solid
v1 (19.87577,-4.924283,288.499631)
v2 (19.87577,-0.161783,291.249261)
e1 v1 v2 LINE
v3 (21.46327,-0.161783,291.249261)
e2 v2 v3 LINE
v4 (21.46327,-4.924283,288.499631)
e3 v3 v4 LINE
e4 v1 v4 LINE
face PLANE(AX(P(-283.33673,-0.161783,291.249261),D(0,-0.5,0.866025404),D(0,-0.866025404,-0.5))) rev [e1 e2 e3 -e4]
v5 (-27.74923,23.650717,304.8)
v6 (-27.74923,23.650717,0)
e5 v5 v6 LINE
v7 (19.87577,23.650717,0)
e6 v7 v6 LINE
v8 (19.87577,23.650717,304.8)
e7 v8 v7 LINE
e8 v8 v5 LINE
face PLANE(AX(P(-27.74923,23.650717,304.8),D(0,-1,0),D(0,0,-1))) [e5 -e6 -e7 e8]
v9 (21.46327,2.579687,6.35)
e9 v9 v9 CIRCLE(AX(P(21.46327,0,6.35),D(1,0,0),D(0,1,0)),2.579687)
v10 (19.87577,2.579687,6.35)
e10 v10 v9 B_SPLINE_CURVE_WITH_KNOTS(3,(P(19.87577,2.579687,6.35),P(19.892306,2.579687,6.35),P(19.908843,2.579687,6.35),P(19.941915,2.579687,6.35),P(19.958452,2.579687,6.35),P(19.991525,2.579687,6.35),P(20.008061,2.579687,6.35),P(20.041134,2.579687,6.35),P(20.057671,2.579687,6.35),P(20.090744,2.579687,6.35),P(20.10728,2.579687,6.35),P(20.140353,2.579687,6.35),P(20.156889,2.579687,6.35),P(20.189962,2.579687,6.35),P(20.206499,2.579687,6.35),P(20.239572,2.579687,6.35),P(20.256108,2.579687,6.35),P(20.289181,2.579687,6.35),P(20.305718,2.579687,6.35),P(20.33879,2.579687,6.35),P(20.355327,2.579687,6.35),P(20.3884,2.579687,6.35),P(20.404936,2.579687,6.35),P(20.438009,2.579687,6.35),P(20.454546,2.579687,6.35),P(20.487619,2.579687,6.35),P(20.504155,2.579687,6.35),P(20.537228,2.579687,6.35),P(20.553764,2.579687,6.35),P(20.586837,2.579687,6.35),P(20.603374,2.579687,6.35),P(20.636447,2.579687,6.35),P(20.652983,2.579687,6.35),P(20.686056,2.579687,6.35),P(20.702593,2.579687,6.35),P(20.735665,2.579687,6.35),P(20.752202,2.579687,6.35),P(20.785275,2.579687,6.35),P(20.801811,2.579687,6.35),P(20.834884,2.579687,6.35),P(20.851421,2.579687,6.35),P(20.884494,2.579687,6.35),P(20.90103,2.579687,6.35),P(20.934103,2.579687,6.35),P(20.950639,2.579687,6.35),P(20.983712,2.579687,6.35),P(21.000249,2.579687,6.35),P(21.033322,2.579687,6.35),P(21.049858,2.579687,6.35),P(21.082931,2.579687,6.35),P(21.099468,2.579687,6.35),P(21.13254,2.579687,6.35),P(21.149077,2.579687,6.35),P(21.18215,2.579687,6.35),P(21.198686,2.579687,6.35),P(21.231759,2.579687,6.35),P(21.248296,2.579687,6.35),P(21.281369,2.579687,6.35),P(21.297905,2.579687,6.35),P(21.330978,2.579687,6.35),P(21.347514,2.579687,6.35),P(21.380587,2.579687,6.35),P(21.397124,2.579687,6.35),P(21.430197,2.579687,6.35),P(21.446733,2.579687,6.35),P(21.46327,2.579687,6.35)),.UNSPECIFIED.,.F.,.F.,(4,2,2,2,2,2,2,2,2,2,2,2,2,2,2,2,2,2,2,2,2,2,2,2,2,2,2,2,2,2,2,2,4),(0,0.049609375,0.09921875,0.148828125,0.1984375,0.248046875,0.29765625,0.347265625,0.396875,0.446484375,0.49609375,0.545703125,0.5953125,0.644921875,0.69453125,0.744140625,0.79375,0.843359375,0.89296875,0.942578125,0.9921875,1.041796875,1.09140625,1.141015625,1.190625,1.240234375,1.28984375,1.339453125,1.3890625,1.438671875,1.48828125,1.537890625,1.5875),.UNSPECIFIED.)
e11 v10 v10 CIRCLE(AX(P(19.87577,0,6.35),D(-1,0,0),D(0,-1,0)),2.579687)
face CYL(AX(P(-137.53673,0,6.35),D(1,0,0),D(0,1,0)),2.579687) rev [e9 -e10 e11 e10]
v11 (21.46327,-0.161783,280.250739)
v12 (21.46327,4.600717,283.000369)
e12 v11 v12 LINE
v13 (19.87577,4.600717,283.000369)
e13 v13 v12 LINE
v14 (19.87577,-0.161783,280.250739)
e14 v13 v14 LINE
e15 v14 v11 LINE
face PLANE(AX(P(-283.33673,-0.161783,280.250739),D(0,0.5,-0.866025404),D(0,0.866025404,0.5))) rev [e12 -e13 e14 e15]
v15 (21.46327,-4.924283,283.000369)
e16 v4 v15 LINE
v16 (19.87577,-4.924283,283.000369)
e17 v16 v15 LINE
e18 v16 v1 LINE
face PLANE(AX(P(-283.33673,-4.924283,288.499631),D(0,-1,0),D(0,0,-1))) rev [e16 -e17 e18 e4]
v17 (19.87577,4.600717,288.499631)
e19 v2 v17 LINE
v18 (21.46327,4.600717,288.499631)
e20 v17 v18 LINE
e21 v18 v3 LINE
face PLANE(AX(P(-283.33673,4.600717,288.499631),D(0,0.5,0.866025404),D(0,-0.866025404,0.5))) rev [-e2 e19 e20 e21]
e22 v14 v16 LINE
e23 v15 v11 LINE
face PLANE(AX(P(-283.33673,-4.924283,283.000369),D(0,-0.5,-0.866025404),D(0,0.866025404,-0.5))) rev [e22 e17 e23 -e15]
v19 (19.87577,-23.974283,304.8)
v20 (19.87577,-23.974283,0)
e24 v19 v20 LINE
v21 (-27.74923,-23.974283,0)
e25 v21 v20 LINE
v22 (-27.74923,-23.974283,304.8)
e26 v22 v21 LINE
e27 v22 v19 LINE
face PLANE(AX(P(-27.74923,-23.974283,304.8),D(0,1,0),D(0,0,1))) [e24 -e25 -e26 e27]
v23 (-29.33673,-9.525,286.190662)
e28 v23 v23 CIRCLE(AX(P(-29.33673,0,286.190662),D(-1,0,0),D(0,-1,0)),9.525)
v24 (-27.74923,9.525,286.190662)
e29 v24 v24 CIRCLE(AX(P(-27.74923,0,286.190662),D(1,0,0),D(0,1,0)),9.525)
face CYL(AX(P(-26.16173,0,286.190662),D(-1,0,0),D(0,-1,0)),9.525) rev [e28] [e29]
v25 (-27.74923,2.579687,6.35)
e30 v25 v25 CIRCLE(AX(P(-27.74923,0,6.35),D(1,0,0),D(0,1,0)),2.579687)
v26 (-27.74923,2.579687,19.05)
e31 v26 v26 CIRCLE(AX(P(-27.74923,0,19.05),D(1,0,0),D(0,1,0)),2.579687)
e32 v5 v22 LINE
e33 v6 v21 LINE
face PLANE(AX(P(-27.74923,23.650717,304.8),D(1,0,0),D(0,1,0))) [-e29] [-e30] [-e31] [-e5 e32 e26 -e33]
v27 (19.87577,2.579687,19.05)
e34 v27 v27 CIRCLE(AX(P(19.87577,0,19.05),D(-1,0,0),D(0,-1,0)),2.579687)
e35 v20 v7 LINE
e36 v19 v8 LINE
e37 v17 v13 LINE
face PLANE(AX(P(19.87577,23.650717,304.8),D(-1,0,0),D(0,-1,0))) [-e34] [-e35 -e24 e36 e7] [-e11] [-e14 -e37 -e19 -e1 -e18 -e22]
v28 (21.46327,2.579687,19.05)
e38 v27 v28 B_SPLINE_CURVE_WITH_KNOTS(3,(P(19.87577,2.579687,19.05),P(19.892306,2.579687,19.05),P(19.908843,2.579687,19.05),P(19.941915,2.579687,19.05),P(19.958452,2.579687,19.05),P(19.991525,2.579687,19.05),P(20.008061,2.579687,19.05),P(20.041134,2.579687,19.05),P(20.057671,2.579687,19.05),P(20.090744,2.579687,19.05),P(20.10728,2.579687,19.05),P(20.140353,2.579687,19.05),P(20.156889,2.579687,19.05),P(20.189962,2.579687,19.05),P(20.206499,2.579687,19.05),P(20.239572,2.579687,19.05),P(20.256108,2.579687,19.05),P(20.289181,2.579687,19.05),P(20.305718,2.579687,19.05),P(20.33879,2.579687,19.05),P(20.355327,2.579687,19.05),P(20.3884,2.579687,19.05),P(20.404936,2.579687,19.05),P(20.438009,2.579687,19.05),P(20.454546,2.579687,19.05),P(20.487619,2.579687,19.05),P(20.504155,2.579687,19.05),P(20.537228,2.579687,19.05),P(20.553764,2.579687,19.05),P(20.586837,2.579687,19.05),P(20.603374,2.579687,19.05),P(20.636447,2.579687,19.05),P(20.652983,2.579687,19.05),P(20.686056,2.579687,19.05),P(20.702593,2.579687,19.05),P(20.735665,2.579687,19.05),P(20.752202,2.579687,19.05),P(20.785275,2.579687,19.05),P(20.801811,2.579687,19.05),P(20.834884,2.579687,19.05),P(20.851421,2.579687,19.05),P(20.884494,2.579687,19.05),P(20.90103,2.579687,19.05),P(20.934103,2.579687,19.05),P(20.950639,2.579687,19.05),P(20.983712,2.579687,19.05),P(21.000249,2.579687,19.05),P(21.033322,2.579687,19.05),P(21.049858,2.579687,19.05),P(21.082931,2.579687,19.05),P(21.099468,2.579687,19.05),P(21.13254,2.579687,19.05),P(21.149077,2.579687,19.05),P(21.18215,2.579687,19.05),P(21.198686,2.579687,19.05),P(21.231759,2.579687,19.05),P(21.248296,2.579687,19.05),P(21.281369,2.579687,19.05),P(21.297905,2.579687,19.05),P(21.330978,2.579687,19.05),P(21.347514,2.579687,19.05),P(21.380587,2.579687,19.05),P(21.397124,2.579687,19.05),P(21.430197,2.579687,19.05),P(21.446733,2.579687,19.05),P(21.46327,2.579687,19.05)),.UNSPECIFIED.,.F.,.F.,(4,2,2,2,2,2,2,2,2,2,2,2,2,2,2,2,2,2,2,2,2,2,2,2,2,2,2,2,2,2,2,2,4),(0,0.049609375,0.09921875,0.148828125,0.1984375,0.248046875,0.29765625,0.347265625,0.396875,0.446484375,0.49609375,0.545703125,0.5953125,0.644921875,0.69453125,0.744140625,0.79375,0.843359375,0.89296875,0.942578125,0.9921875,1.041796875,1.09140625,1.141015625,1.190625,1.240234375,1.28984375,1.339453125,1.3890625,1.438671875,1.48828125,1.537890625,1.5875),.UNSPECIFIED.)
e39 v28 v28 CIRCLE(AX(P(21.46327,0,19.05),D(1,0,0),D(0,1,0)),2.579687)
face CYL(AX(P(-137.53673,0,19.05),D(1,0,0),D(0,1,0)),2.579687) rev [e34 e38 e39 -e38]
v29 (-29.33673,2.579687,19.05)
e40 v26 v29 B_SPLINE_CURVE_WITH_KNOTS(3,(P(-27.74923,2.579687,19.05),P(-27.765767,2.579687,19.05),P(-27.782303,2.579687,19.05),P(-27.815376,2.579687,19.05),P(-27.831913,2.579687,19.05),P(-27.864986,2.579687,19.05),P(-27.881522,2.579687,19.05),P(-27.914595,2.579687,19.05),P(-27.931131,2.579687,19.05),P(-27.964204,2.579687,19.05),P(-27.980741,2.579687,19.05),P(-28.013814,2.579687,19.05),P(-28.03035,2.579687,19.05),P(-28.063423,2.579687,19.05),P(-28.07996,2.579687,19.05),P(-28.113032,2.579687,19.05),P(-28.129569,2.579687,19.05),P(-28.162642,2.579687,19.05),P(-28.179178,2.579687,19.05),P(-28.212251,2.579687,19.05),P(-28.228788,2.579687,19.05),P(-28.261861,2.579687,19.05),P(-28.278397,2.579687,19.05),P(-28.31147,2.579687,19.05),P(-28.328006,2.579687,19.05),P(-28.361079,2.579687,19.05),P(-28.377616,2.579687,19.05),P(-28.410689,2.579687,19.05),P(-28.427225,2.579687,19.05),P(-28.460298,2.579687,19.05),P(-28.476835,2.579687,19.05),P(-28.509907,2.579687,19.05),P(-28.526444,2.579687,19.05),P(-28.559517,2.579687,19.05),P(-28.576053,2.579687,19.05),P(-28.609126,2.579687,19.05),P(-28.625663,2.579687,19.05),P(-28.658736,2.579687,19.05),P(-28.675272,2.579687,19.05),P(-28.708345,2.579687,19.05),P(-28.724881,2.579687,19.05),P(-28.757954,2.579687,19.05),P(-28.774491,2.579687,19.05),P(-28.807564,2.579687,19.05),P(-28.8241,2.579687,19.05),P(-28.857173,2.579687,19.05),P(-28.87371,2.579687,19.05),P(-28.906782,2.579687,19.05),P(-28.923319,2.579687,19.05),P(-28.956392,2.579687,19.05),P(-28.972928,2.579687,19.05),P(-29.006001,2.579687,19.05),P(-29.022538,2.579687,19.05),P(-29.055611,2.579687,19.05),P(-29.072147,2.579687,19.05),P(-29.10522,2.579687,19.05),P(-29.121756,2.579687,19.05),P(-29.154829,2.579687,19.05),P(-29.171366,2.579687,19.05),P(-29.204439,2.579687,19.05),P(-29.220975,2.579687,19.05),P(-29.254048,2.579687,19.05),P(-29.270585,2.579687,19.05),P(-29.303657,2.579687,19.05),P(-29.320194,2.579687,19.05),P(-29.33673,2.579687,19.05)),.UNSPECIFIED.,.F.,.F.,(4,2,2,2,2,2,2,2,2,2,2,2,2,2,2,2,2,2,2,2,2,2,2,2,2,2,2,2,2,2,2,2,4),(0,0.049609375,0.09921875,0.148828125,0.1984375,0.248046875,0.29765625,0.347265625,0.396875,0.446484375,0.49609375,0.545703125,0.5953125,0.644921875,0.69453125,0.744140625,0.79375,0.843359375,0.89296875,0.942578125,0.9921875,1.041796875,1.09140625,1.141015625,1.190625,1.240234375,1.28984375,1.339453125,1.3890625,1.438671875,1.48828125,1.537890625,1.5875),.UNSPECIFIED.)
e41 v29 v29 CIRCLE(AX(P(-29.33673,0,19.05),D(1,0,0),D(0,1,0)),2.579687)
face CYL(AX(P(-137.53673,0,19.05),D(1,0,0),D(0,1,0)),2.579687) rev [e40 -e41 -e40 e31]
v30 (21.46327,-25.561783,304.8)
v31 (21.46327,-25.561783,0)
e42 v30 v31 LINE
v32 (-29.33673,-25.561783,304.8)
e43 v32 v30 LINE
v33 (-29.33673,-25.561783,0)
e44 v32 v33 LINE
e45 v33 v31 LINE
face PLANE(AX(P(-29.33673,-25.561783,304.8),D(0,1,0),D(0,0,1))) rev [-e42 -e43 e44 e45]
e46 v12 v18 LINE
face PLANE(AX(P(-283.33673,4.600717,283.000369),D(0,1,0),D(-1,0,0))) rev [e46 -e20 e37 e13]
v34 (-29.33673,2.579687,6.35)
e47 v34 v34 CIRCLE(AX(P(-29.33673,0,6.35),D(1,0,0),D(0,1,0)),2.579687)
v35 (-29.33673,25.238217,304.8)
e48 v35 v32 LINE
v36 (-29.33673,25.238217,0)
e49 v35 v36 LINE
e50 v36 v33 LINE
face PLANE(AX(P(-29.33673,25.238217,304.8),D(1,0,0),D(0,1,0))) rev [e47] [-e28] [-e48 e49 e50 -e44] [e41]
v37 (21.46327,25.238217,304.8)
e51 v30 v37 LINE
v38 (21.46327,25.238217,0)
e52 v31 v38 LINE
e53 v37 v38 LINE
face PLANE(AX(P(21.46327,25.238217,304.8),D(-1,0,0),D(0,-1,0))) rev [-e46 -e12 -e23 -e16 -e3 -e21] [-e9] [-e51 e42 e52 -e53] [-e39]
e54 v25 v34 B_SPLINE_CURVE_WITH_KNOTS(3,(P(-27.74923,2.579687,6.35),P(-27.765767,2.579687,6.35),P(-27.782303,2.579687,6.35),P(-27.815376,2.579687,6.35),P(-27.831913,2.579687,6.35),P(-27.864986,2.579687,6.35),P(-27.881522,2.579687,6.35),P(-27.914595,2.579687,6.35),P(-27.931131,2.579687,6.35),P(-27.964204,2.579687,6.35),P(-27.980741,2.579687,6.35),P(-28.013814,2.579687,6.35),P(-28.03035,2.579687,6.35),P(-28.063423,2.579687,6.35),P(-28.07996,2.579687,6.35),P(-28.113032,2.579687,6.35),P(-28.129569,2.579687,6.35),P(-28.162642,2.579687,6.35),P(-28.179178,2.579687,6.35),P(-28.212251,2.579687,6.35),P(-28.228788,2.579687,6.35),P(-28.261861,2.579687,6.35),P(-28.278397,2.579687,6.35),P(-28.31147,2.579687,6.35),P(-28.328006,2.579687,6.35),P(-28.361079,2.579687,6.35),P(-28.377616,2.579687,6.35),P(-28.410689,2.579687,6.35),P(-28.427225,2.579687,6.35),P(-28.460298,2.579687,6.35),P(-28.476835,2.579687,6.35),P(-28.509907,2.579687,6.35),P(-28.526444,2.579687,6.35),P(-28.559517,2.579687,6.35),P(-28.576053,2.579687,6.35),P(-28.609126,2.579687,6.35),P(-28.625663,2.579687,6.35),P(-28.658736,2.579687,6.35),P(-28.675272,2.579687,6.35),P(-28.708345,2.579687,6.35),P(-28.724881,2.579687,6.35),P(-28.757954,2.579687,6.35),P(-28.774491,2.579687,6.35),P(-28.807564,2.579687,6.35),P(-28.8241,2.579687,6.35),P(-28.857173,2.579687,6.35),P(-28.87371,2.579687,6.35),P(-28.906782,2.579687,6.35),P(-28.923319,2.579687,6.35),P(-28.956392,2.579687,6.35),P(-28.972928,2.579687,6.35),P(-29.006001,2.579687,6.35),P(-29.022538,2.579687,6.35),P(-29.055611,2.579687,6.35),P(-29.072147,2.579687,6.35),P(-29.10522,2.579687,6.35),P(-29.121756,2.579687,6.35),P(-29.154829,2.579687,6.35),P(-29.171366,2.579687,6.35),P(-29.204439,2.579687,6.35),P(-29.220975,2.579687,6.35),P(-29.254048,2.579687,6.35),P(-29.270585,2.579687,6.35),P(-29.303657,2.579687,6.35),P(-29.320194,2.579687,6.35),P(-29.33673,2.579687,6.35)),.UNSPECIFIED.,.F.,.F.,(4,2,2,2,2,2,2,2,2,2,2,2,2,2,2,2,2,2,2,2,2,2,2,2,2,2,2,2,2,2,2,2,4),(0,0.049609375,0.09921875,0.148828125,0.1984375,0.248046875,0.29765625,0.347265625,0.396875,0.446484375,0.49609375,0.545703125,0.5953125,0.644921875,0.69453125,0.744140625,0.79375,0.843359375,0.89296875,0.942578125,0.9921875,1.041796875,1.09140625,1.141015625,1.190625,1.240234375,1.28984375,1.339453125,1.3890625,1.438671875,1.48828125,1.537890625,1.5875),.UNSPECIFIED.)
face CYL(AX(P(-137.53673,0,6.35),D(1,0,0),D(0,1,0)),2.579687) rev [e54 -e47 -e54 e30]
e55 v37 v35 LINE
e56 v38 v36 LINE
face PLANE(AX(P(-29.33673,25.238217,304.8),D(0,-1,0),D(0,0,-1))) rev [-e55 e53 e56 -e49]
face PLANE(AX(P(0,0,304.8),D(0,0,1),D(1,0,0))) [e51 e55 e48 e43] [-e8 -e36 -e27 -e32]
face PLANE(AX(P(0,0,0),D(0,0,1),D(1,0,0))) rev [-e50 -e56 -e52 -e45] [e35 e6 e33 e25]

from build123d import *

# Parameters (mm, degrees)
SKETCH1_W           = 50.8
SKETCH1_H           = 50.8
SKETCH1_W_2         = 47.625
SKETCH1_H_2         = 47.625
BOSS_EXTRUDE1_DEPTH = 304.8
CUT_EXTRUDE1_DEPTH  = 304.8
SKETCH3_R           = 2.5796875
CUT_EXTRUDE2_DEPTH  = 159
SKETCH4_R           = 9.525
CUT_EXTRUDE3_DEPTH  = 3.175


with BuildPart() as part:
    # Sketch1 → Boss-Extrude1 (new body)
    with BuildSketch(Plane.XY):
        with Locations((-3.936730361, -0.161783439)):
            Rectangle(SKETCH1_W, SKETCH1_H)
        with Locations((-3.936730361, -0.161783439)):
            Rectangle(SKETCH1_W_2, SKETCH1_H_2, mode=Mode.SUBTRACT)
    extrude(amount=BOSS_EXTRUDE1_DEPTH)

    # Sketch2 → Cut-Extrude1 (cut)
    with BuildSketch(Plane(origin=(21.463269639, 0, 0), x_dir=(0, 0, -1), z_dir=(1, 0, 0))):
        Polygon((-280.250738686, -0.161783439), (-283.000369343, 4.600716561), (-288.499630657, 4.600716561), (-291.249261314, -0.161783439), (-288.499630657, -4.924283439), (-283.000369343, -4.924283439), align=None)
    extrude(amount=-CUT_EXTRUDE1_DEPTH, mode=Mode.SUBTRACT)

    # Sketch3 → Cut-Extrude2 (cut)
    with BuildSketch(Plane(origin=(21.463269639, 0, 0), x_dir=(0, 0, -1), z_dir=(1, 0, 0))):
        with Locations(Location((-6.35, 0, 0), (0, 0, 90))):
            Circle(SKETCH3_R)
        with Locations(Location((-19.05, 0, 0), (0, 0, 90))):
            Circle(SKETCH3_R)
    extrude(amount=-CUT_EXTRUDE2_DEPTH, mode=Mode.SUBTRACT)

    # Sketch4 → Cut-Extrude3 (cut)
    with BuildSketch(Plane.ZY.offset(29.336730361)):
        with Locations(Location((286.190661961, 0, 0), (0, 0, 270))):
            Circle(SKETCH4_R)
    extrude(amount=-CUT_EXTRUDE3_DEPTH, mode=Mode.SUBTRACT)


solid = part.part
